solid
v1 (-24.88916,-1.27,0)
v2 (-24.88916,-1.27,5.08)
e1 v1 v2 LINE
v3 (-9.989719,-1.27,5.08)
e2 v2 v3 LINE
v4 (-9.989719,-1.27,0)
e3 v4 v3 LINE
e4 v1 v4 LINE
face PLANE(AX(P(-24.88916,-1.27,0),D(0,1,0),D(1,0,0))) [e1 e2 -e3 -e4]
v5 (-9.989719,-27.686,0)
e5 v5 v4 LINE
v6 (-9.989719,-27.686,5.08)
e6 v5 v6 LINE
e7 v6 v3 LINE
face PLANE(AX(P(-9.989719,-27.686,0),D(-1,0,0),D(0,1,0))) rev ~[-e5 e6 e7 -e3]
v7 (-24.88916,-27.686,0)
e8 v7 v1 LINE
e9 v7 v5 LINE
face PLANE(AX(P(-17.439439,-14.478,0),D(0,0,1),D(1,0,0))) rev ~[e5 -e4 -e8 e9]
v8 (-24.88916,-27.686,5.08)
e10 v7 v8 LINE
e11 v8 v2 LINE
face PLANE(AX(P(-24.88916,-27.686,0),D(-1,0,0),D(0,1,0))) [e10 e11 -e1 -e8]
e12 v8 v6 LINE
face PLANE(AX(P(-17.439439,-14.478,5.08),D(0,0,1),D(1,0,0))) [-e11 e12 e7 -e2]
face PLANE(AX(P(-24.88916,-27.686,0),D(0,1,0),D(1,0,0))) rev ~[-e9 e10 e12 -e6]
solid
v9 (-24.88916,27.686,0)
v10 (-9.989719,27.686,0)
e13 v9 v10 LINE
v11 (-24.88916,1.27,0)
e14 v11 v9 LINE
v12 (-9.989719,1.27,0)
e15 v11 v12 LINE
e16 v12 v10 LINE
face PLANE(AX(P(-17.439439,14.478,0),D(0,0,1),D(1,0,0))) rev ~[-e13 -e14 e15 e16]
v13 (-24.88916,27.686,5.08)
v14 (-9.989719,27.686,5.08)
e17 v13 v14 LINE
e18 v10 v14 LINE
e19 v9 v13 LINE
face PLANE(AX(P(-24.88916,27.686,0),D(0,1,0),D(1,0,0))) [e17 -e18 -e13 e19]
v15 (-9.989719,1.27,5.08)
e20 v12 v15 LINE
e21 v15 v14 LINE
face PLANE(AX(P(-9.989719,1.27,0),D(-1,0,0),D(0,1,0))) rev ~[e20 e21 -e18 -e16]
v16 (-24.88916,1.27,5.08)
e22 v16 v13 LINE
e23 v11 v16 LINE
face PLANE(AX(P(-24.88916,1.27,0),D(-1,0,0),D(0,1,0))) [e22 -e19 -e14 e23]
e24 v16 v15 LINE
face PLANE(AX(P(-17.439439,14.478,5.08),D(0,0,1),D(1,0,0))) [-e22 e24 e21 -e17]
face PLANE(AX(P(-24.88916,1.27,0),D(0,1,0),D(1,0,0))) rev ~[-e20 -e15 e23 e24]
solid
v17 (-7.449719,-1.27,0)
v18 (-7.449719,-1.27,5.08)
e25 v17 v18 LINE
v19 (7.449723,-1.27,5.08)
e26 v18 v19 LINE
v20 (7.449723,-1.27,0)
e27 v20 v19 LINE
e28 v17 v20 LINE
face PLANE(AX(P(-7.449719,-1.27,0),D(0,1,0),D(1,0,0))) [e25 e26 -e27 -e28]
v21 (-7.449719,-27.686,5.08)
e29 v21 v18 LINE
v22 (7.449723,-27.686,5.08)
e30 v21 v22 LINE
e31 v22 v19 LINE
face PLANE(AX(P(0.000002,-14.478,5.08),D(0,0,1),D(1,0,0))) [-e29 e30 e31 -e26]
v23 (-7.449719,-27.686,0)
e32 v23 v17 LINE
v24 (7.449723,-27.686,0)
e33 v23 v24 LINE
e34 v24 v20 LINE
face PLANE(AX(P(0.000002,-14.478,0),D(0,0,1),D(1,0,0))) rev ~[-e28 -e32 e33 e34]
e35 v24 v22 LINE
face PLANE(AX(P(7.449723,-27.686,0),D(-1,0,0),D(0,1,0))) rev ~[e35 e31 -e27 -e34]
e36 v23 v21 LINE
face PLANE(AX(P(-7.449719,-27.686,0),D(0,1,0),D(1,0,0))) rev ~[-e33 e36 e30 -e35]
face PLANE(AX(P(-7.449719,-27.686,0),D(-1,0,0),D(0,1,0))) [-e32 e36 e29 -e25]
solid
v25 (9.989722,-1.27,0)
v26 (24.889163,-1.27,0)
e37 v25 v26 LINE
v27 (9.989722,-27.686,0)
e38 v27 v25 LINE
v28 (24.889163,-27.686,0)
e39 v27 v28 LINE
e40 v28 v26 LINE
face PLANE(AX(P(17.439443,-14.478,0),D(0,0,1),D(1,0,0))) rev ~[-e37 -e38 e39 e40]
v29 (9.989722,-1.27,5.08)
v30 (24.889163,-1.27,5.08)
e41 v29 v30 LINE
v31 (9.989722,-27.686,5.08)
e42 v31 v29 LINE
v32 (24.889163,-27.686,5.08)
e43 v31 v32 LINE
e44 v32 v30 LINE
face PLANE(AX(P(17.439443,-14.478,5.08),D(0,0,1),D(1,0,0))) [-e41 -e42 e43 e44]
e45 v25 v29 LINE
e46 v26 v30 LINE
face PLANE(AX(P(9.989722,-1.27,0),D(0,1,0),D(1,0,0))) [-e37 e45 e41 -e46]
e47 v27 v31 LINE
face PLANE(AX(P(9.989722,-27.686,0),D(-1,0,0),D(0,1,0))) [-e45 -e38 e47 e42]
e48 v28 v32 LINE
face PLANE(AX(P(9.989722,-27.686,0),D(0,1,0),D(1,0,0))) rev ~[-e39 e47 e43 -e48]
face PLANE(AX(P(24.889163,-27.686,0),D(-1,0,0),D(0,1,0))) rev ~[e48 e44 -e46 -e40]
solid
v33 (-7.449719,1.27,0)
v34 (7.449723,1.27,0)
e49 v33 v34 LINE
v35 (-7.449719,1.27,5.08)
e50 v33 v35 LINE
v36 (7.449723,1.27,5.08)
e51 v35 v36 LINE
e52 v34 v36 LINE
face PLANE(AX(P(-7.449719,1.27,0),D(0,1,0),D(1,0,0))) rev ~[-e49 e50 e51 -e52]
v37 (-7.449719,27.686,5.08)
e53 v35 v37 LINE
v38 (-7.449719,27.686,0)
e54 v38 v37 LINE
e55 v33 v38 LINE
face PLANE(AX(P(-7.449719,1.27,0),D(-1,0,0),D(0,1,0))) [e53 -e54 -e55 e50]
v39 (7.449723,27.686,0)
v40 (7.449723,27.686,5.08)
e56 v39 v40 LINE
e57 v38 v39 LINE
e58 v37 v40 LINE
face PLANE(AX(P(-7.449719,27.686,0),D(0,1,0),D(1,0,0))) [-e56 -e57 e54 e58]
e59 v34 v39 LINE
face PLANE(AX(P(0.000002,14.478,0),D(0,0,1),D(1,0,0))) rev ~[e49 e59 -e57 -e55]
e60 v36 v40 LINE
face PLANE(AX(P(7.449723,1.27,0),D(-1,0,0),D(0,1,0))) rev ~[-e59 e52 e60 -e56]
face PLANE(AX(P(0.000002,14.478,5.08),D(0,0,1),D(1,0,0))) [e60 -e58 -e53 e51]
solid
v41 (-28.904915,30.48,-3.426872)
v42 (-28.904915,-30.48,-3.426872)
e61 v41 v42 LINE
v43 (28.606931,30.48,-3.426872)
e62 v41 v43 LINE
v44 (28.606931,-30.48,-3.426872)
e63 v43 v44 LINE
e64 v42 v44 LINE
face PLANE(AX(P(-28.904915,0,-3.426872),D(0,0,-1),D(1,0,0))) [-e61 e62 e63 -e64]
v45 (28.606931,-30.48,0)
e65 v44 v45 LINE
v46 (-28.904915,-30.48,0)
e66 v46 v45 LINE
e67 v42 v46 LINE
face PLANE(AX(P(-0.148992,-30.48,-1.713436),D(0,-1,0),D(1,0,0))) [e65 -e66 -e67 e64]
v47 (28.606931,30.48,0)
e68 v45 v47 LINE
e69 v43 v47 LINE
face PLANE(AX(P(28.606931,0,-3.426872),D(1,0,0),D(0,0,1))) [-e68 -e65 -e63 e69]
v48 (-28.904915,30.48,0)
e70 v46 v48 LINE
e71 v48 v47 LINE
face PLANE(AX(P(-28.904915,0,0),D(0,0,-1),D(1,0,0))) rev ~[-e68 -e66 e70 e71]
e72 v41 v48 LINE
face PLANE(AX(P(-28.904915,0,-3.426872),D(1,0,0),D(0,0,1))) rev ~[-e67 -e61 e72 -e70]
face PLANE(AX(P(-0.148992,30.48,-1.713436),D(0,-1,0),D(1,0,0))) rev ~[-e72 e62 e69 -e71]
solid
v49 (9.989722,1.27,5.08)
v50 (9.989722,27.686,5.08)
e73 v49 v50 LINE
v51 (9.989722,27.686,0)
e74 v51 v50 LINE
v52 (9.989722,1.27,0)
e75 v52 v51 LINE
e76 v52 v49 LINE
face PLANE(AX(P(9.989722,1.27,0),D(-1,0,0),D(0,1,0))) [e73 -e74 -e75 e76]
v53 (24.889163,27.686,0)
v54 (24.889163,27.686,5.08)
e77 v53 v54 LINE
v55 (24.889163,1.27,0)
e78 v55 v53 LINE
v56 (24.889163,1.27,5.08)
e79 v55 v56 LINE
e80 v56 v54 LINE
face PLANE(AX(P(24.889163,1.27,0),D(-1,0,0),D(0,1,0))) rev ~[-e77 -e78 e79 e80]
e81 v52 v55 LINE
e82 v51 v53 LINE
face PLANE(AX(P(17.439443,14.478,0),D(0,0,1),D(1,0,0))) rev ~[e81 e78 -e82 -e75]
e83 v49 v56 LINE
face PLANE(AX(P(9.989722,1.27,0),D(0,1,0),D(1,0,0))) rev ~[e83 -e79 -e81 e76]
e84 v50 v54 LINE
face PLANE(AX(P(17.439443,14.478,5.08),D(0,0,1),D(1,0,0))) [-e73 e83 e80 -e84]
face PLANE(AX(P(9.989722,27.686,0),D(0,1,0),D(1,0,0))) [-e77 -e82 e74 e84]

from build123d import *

# Parameters (mm, degrees)
F0_W     = 14.899441
F0_H     = 26.416
F1_DEPTH = 5.08
F2_W     = 57.511846
F2_H     = 3.426872
F3_DEPTH = 30.48


with BuildPart() as f1:
    # F0 (on Top) → F1 (new body)
    with BuildSketch(Plane.XY):
        with Locations((-17.439439, 14.478)):
            Rectangle(F0_W, F0_H)
        with Locations((2e-06, 14.478)):
            Rectangle(F0_W, F0_H)
        with Locations((17.439443, 14.478)):
            Rectangle(F0_W, F0_H)
        with Locations((17.439443, -14.478)):
            Rectangle(F0_W, F0_H)
        with Locations((2e-06, -14.478)):
            Rectangle(F0_W, F0_H)
        with Locations((-17.439439, -14.478)):
            Rectangle(F0_W, F0_H)
    extrude(amount=F1_DEPTH)


with BuildPart() as f3:
    # F2 (on Front) → F3 (new body, symmetric)
    with BuildSketch(Plane.XZ):
        with Locations((-0.148992, -1.713436)):
            Rectangle(F2_W, F2_H)
    extrude(amount=F3_DEPTH, both=True)


solid = Compound([f1.part, f3.part])
